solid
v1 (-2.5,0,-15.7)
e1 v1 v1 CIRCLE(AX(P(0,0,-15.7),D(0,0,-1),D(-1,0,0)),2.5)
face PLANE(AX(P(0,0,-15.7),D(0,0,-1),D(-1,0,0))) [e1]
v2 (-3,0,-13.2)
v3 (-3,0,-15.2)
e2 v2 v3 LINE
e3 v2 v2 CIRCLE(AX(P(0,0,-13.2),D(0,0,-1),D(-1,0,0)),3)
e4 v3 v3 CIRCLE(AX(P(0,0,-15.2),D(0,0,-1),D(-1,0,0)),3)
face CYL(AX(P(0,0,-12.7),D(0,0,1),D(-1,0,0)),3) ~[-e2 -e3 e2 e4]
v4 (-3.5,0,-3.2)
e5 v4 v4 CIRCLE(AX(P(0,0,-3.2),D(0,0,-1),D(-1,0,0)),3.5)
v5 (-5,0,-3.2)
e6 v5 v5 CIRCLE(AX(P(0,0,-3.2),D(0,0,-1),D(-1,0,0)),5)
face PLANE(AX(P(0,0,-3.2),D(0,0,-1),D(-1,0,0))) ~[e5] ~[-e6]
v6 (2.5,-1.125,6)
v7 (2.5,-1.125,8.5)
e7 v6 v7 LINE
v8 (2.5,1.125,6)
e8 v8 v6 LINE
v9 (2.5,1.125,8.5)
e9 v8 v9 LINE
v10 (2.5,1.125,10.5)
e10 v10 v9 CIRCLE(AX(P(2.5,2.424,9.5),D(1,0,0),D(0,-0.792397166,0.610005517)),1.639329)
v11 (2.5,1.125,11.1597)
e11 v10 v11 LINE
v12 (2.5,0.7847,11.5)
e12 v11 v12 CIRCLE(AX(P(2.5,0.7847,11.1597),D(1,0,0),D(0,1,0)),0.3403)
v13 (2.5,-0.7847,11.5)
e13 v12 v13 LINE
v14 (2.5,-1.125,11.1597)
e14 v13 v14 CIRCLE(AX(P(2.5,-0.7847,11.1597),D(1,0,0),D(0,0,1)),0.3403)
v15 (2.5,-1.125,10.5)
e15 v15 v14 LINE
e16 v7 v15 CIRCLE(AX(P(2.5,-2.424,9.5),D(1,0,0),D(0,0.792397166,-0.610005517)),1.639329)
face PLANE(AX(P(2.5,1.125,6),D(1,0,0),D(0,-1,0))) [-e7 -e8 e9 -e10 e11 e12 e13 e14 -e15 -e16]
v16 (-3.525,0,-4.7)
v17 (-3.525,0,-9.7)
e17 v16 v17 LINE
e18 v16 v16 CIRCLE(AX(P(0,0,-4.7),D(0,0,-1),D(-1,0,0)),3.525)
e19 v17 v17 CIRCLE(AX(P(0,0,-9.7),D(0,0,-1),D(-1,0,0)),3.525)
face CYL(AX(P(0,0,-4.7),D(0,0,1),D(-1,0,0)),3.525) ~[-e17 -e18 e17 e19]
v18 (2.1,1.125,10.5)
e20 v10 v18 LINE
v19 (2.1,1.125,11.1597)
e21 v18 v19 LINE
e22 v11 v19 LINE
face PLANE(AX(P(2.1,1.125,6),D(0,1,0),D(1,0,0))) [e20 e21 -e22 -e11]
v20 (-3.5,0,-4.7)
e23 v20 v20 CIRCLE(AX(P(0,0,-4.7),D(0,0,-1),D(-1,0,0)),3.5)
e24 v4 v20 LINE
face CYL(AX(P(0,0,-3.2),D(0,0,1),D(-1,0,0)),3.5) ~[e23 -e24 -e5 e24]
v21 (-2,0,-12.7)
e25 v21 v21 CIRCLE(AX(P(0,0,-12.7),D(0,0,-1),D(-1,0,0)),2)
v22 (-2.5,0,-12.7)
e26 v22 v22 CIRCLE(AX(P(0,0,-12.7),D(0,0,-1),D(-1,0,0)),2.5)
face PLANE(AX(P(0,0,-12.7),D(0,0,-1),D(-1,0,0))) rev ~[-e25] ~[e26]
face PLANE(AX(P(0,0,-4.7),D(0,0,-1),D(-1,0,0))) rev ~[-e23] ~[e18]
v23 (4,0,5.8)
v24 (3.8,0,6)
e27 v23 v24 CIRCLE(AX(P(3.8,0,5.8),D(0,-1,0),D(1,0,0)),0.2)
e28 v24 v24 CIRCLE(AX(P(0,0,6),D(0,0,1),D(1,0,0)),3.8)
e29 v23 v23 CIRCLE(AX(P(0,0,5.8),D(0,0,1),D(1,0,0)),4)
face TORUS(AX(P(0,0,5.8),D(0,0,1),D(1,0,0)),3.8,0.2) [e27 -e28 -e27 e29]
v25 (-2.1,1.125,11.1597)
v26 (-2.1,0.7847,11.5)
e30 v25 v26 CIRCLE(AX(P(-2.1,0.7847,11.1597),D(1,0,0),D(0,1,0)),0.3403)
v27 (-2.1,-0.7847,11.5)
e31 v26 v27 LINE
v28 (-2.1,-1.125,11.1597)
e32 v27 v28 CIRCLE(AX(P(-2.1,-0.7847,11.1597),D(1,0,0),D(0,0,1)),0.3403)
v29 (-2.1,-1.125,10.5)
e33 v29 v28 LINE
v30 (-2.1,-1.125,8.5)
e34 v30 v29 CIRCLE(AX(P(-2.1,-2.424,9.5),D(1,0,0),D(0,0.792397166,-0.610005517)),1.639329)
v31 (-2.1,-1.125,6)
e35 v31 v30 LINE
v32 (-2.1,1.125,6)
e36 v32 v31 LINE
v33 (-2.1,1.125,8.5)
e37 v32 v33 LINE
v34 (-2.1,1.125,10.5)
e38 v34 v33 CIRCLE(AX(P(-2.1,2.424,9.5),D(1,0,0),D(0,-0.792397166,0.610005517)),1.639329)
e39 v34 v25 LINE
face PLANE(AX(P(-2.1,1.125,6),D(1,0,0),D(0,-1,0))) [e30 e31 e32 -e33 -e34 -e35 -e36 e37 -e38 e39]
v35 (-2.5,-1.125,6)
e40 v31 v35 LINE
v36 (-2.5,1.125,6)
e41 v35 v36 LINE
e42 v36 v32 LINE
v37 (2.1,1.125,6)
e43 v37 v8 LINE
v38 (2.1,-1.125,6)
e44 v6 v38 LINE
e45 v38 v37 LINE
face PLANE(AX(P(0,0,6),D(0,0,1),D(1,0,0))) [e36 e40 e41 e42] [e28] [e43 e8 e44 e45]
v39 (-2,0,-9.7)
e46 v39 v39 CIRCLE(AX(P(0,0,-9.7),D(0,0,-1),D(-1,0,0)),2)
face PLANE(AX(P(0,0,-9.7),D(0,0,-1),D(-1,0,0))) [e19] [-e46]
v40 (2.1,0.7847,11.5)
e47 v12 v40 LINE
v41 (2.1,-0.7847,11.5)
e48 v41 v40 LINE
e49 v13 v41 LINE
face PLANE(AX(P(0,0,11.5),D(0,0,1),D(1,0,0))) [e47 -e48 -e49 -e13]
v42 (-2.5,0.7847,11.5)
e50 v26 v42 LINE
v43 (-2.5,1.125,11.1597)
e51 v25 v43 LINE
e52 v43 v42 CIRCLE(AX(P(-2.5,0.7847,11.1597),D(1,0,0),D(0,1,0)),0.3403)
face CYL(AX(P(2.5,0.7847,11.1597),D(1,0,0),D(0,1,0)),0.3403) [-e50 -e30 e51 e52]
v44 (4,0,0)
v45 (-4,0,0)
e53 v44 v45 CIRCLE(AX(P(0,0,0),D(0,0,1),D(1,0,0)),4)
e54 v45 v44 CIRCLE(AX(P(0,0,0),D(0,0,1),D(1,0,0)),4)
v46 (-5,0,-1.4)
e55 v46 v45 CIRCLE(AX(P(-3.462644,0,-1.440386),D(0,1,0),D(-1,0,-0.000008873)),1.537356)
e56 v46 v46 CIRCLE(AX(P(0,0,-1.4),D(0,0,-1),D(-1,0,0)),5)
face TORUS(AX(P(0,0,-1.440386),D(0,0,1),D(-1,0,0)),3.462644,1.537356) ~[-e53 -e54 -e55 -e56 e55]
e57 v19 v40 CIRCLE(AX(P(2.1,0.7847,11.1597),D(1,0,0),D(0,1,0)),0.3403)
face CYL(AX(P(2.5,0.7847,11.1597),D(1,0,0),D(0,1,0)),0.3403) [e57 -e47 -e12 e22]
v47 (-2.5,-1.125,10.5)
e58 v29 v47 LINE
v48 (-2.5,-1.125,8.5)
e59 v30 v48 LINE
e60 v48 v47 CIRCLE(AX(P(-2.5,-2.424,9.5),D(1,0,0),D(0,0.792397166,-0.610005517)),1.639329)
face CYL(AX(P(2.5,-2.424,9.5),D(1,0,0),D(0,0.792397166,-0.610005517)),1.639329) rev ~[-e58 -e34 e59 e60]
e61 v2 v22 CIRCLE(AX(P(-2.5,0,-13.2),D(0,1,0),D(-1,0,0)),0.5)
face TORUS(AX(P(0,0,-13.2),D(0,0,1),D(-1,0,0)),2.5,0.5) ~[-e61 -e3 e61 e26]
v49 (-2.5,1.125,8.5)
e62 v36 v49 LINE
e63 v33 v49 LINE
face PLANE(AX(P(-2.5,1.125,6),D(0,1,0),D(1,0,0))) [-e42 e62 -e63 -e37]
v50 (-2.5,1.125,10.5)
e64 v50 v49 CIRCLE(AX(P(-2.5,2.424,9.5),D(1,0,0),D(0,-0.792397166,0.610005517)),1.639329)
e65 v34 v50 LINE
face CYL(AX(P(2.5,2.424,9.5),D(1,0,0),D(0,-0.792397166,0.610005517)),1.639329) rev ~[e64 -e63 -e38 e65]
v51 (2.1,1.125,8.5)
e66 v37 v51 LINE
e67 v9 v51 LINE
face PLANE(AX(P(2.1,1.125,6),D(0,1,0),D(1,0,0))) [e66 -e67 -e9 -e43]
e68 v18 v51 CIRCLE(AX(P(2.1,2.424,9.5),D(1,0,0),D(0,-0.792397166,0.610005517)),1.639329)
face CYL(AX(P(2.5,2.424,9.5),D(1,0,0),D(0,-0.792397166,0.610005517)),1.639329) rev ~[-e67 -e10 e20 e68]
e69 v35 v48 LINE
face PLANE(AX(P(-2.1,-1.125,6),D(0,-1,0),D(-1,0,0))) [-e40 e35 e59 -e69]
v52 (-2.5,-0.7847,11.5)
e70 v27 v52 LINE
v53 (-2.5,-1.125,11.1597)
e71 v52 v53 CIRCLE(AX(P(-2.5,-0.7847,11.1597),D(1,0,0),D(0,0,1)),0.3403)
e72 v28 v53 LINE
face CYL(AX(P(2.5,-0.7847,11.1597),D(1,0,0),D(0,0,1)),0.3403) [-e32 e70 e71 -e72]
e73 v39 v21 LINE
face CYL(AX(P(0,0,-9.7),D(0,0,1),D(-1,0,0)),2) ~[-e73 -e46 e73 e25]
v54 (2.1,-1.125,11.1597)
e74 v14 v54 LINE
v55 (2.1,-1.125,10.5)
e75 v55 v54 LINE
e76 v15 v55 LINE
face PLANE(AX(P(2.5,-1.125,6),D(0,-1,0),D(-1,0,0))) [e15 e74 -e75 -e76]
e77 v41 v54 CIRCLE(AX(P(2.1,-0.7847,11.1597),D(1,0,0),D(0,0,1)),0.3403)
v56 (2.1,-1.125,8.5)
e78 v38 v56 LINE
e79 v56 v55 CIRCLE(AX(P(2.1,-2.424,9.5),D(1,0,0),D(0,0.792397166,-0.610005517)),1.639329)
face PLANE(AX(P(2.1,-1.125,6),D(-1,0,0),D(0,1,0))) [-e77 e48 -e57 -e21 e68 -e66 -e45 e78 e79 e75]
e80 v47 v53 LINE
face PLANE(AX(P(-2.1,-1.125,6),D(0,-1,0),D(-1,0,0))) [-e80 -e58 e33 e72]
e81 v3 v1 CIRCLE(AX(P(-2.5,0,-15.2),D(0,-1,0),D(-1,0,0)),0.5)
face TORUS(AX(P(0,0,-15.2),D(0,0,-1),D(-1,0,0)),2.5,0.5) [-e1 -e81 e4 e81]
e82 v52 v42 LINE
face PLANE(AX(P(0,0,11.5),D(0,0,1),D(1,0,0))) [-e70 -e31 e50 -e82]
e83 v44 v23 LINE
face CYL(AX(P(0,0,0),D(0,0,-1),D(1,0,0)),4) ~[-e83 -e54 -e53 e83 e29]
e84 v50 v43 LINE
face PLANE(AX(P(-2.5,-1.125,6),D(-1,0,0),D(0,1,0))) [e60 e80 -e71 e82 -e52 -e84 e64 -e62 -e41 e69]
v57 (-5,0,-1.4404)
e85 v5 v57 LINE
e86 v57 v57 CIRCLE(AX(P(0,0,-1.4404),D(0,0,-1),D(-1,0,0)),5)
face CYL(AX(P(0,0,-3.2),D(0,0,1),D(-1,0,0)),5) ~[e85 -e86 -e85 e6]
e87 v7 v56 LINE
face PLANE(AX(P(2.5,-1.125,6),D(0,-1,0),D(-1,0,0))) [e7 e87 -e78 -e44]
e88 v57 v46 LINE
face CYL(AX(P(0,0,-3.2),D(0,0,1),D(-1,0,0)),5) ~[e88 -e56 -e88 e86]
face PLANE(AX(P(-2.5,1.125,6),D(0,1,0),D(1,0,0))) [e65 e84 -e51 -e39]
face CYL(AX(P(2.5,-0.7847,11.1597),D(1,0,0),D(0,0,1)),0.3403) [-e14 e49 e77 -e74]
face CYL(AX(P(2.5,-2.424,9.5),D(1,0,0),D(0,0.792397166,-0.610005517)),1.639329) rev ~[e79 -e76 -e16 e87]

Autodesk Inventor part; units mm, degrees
ref_plane "YZ Plane" through (0, 0, 0) normal (1, 0, 0) x (0, 1, 0)
ref_plane "XZ Plane" through (0, 0, 0) normal (0, 1, 0) x (-1, 0, 0)
ref_plane "XY Plane" through (0, 0, 0) normal (0, 0, 1) x (1, 0, 0)
sketch "Sketch1" plane through (0, 0, 0) normal (0, 0, 1) x (1, 0, 0)
  circle A0 centre (0, 0) radius 4
  dimension "d0" = 8
extrude "Extrusion1" add sketch "Sketch1" along normal blind 6
sketch "Sketch2" plane through (0, 0, 6) normal (0, 0, 1) x (1, 0, 0)
  line L0 (2.1, 1.125) -> (2.5, 1.125)
  line L1 (2.5, 1.125) -> (2.5, -1.125)
  line L2 (2.5, -1.125) -> (2.1, -1.125)
  line L3 (2.1, -1.125) -> (2.1, 1.125)
  line L4 (-2.5, 1.125) -> (-2.1, 1.125)
  line L5 (-2.1, 1.125) -> (-2.1, -1.125)
  line L6 (-2.1, -1.125) -> (-2.5, -1.125)
  line L7 (-2.5, -1.125) -> (-2.5, 1.125)
  point P0 (0, 0)
  point P1 (2.1, 0)
  point P2 (-2.5, 0)
  dimension "d3" = 2.25
  dimension "d6" = 2.25
  dimension "d9" = 0.4
  dimension "d10" = 0.4
  dimension "d11" = 2.5
  dimension "d12" = 2.5
extrude "Extrusion2" add sketch "Sketch2" along normal blind 5.5
sketch "Sketch3" plane through (2.5, -1.125, 6) normal (1, 0, 0) x (0, 0, -1)
  line L0 (0, 2.25) -> (-5.5, 2.25) projected
  line L1 (0, 2.25) -> (-2.5, 2.25)
  arc A0 (-4.5, 2.25) -> (-2.5, 2.25) centre (-3.5, 3.549) ccw
  line L2 (-5.5, 0) -> (-5.5, 2.25) projected
  line L3 (-5.5, 1.125) -> (-5.2177, 1.125)
  arc A1 (-5.1597, 2.25) -> (-5.5, 1.9097) centre (-5.1597, 1.9097) ccw
  line L4 (-5.5, 1.9097) -> (-5.1597, 2.25) construction
  line L5 (-5.5, 1.9097) -> (-5.0187, 1.9097) construction
  line L6 (-5.5, 1.125) -> (-5.5, 1.9097)
  line L7 (-5.1597, 2.25) -> (-4.5, 2.25)
  arc A2 (-2.5, 0) -> (-4.5, 0) centre (-3.5, -1.299) ccw
  arc A3 (-5.5, 0.3403) -> (-5.1597, 0) centre (-5.1597, 0.3403) ccw
  line L8 (0, 0) -> (-5.5, 0) projected
  line L9 (-5.5, 0.3403) -> (-5.5, 0)
  line L10 (-5.5, 0) -> (-5.1597, 0)
  line L11 (-4.5, 0) -> (-2.5, 0)
  point P0 (6, 1.125)
  dimension "d15" = 2.5
  dimension "d16" = 2
  dimension "d17" = 45
extrude "Extrusion3" cut sketch "Sketch3" against normal up to surface (5 mm away)
sketch "Sketch4" plane through (0, 0, 0) normal (0, 1, 0) x (-1, 0, 0)
  line L0 (0, 0) -> (0, -3.2)
  line L1 (0, -3.2) -> (5, -3.2)
  line L2 (5, -3.2) -> (5, -1.4)
  line L3 (-4, 0) -> (4, 0) projected
  arc A0 (5, -1.4404) -> (4, 0) centre (3.4626, -1.4404) ccw
  line L4 (4, 0) -> (0, 0)
  dimension "d20" = 3.2
  dimension "d21" = 5
  dimension "d22" = 1.8
revolve "Revolution1" add sketch "Sketch4" angle 360 about axis through (0, 0, 0) along (0, 0, -1)
sketch "Sketch5" plane through (0, 0, -3.2) normal (0, 0, -1) x (-1, 0, 0)
  circle A0 centre (0, 0) radius 3.5
  dimension "d24" = 7
extrude "Extrusion4" add sketch "Sketch5" along normal blind 1.5
sketch "Sketch7" plane through (0, 0, -4.7) normal (0, 0, -1) x (-1, 0, 0)
  circle A0 centre (0, 0) radius 3.525
  dimension "d29" = 7.05
extrude "Extrusion6" add sketch "Sketch7" along normal blind 5
thread "Thread1" size "M6x1" class "6g" standard "ANSI Metric M Profile" length 10
sketch "Sketch8" plane through (0, 0, -9.7) normal (0, 0, -1) x (-1, 0, 0)
  circle A0 centre (0, 0) radius 2
  dimension "d34" = 4
extrude "Extrusion7" add sketch "Sketch8" along normal blind 3
sketch "Sketch9" plane through (0, 0, -12.7) normal (0, 0, -1) x (-1, 0, 0)
  circle A0 centre (0, 0) radius 3
  dimension "d37" = 6
extrude "Extrusion8" add sketch "Sketch9" along normal blind 3
fillet "Fillet1" radius 0.5 2 edges at (3, 0, -12.7) (3, 0, -15.7)
fillet "Fillet2" radius 0.2 1 edges at (-4, 0, 6)
equation "\"d9\" = d10"
equation "\"d12\" = d11"
properties part number "Push Button"
